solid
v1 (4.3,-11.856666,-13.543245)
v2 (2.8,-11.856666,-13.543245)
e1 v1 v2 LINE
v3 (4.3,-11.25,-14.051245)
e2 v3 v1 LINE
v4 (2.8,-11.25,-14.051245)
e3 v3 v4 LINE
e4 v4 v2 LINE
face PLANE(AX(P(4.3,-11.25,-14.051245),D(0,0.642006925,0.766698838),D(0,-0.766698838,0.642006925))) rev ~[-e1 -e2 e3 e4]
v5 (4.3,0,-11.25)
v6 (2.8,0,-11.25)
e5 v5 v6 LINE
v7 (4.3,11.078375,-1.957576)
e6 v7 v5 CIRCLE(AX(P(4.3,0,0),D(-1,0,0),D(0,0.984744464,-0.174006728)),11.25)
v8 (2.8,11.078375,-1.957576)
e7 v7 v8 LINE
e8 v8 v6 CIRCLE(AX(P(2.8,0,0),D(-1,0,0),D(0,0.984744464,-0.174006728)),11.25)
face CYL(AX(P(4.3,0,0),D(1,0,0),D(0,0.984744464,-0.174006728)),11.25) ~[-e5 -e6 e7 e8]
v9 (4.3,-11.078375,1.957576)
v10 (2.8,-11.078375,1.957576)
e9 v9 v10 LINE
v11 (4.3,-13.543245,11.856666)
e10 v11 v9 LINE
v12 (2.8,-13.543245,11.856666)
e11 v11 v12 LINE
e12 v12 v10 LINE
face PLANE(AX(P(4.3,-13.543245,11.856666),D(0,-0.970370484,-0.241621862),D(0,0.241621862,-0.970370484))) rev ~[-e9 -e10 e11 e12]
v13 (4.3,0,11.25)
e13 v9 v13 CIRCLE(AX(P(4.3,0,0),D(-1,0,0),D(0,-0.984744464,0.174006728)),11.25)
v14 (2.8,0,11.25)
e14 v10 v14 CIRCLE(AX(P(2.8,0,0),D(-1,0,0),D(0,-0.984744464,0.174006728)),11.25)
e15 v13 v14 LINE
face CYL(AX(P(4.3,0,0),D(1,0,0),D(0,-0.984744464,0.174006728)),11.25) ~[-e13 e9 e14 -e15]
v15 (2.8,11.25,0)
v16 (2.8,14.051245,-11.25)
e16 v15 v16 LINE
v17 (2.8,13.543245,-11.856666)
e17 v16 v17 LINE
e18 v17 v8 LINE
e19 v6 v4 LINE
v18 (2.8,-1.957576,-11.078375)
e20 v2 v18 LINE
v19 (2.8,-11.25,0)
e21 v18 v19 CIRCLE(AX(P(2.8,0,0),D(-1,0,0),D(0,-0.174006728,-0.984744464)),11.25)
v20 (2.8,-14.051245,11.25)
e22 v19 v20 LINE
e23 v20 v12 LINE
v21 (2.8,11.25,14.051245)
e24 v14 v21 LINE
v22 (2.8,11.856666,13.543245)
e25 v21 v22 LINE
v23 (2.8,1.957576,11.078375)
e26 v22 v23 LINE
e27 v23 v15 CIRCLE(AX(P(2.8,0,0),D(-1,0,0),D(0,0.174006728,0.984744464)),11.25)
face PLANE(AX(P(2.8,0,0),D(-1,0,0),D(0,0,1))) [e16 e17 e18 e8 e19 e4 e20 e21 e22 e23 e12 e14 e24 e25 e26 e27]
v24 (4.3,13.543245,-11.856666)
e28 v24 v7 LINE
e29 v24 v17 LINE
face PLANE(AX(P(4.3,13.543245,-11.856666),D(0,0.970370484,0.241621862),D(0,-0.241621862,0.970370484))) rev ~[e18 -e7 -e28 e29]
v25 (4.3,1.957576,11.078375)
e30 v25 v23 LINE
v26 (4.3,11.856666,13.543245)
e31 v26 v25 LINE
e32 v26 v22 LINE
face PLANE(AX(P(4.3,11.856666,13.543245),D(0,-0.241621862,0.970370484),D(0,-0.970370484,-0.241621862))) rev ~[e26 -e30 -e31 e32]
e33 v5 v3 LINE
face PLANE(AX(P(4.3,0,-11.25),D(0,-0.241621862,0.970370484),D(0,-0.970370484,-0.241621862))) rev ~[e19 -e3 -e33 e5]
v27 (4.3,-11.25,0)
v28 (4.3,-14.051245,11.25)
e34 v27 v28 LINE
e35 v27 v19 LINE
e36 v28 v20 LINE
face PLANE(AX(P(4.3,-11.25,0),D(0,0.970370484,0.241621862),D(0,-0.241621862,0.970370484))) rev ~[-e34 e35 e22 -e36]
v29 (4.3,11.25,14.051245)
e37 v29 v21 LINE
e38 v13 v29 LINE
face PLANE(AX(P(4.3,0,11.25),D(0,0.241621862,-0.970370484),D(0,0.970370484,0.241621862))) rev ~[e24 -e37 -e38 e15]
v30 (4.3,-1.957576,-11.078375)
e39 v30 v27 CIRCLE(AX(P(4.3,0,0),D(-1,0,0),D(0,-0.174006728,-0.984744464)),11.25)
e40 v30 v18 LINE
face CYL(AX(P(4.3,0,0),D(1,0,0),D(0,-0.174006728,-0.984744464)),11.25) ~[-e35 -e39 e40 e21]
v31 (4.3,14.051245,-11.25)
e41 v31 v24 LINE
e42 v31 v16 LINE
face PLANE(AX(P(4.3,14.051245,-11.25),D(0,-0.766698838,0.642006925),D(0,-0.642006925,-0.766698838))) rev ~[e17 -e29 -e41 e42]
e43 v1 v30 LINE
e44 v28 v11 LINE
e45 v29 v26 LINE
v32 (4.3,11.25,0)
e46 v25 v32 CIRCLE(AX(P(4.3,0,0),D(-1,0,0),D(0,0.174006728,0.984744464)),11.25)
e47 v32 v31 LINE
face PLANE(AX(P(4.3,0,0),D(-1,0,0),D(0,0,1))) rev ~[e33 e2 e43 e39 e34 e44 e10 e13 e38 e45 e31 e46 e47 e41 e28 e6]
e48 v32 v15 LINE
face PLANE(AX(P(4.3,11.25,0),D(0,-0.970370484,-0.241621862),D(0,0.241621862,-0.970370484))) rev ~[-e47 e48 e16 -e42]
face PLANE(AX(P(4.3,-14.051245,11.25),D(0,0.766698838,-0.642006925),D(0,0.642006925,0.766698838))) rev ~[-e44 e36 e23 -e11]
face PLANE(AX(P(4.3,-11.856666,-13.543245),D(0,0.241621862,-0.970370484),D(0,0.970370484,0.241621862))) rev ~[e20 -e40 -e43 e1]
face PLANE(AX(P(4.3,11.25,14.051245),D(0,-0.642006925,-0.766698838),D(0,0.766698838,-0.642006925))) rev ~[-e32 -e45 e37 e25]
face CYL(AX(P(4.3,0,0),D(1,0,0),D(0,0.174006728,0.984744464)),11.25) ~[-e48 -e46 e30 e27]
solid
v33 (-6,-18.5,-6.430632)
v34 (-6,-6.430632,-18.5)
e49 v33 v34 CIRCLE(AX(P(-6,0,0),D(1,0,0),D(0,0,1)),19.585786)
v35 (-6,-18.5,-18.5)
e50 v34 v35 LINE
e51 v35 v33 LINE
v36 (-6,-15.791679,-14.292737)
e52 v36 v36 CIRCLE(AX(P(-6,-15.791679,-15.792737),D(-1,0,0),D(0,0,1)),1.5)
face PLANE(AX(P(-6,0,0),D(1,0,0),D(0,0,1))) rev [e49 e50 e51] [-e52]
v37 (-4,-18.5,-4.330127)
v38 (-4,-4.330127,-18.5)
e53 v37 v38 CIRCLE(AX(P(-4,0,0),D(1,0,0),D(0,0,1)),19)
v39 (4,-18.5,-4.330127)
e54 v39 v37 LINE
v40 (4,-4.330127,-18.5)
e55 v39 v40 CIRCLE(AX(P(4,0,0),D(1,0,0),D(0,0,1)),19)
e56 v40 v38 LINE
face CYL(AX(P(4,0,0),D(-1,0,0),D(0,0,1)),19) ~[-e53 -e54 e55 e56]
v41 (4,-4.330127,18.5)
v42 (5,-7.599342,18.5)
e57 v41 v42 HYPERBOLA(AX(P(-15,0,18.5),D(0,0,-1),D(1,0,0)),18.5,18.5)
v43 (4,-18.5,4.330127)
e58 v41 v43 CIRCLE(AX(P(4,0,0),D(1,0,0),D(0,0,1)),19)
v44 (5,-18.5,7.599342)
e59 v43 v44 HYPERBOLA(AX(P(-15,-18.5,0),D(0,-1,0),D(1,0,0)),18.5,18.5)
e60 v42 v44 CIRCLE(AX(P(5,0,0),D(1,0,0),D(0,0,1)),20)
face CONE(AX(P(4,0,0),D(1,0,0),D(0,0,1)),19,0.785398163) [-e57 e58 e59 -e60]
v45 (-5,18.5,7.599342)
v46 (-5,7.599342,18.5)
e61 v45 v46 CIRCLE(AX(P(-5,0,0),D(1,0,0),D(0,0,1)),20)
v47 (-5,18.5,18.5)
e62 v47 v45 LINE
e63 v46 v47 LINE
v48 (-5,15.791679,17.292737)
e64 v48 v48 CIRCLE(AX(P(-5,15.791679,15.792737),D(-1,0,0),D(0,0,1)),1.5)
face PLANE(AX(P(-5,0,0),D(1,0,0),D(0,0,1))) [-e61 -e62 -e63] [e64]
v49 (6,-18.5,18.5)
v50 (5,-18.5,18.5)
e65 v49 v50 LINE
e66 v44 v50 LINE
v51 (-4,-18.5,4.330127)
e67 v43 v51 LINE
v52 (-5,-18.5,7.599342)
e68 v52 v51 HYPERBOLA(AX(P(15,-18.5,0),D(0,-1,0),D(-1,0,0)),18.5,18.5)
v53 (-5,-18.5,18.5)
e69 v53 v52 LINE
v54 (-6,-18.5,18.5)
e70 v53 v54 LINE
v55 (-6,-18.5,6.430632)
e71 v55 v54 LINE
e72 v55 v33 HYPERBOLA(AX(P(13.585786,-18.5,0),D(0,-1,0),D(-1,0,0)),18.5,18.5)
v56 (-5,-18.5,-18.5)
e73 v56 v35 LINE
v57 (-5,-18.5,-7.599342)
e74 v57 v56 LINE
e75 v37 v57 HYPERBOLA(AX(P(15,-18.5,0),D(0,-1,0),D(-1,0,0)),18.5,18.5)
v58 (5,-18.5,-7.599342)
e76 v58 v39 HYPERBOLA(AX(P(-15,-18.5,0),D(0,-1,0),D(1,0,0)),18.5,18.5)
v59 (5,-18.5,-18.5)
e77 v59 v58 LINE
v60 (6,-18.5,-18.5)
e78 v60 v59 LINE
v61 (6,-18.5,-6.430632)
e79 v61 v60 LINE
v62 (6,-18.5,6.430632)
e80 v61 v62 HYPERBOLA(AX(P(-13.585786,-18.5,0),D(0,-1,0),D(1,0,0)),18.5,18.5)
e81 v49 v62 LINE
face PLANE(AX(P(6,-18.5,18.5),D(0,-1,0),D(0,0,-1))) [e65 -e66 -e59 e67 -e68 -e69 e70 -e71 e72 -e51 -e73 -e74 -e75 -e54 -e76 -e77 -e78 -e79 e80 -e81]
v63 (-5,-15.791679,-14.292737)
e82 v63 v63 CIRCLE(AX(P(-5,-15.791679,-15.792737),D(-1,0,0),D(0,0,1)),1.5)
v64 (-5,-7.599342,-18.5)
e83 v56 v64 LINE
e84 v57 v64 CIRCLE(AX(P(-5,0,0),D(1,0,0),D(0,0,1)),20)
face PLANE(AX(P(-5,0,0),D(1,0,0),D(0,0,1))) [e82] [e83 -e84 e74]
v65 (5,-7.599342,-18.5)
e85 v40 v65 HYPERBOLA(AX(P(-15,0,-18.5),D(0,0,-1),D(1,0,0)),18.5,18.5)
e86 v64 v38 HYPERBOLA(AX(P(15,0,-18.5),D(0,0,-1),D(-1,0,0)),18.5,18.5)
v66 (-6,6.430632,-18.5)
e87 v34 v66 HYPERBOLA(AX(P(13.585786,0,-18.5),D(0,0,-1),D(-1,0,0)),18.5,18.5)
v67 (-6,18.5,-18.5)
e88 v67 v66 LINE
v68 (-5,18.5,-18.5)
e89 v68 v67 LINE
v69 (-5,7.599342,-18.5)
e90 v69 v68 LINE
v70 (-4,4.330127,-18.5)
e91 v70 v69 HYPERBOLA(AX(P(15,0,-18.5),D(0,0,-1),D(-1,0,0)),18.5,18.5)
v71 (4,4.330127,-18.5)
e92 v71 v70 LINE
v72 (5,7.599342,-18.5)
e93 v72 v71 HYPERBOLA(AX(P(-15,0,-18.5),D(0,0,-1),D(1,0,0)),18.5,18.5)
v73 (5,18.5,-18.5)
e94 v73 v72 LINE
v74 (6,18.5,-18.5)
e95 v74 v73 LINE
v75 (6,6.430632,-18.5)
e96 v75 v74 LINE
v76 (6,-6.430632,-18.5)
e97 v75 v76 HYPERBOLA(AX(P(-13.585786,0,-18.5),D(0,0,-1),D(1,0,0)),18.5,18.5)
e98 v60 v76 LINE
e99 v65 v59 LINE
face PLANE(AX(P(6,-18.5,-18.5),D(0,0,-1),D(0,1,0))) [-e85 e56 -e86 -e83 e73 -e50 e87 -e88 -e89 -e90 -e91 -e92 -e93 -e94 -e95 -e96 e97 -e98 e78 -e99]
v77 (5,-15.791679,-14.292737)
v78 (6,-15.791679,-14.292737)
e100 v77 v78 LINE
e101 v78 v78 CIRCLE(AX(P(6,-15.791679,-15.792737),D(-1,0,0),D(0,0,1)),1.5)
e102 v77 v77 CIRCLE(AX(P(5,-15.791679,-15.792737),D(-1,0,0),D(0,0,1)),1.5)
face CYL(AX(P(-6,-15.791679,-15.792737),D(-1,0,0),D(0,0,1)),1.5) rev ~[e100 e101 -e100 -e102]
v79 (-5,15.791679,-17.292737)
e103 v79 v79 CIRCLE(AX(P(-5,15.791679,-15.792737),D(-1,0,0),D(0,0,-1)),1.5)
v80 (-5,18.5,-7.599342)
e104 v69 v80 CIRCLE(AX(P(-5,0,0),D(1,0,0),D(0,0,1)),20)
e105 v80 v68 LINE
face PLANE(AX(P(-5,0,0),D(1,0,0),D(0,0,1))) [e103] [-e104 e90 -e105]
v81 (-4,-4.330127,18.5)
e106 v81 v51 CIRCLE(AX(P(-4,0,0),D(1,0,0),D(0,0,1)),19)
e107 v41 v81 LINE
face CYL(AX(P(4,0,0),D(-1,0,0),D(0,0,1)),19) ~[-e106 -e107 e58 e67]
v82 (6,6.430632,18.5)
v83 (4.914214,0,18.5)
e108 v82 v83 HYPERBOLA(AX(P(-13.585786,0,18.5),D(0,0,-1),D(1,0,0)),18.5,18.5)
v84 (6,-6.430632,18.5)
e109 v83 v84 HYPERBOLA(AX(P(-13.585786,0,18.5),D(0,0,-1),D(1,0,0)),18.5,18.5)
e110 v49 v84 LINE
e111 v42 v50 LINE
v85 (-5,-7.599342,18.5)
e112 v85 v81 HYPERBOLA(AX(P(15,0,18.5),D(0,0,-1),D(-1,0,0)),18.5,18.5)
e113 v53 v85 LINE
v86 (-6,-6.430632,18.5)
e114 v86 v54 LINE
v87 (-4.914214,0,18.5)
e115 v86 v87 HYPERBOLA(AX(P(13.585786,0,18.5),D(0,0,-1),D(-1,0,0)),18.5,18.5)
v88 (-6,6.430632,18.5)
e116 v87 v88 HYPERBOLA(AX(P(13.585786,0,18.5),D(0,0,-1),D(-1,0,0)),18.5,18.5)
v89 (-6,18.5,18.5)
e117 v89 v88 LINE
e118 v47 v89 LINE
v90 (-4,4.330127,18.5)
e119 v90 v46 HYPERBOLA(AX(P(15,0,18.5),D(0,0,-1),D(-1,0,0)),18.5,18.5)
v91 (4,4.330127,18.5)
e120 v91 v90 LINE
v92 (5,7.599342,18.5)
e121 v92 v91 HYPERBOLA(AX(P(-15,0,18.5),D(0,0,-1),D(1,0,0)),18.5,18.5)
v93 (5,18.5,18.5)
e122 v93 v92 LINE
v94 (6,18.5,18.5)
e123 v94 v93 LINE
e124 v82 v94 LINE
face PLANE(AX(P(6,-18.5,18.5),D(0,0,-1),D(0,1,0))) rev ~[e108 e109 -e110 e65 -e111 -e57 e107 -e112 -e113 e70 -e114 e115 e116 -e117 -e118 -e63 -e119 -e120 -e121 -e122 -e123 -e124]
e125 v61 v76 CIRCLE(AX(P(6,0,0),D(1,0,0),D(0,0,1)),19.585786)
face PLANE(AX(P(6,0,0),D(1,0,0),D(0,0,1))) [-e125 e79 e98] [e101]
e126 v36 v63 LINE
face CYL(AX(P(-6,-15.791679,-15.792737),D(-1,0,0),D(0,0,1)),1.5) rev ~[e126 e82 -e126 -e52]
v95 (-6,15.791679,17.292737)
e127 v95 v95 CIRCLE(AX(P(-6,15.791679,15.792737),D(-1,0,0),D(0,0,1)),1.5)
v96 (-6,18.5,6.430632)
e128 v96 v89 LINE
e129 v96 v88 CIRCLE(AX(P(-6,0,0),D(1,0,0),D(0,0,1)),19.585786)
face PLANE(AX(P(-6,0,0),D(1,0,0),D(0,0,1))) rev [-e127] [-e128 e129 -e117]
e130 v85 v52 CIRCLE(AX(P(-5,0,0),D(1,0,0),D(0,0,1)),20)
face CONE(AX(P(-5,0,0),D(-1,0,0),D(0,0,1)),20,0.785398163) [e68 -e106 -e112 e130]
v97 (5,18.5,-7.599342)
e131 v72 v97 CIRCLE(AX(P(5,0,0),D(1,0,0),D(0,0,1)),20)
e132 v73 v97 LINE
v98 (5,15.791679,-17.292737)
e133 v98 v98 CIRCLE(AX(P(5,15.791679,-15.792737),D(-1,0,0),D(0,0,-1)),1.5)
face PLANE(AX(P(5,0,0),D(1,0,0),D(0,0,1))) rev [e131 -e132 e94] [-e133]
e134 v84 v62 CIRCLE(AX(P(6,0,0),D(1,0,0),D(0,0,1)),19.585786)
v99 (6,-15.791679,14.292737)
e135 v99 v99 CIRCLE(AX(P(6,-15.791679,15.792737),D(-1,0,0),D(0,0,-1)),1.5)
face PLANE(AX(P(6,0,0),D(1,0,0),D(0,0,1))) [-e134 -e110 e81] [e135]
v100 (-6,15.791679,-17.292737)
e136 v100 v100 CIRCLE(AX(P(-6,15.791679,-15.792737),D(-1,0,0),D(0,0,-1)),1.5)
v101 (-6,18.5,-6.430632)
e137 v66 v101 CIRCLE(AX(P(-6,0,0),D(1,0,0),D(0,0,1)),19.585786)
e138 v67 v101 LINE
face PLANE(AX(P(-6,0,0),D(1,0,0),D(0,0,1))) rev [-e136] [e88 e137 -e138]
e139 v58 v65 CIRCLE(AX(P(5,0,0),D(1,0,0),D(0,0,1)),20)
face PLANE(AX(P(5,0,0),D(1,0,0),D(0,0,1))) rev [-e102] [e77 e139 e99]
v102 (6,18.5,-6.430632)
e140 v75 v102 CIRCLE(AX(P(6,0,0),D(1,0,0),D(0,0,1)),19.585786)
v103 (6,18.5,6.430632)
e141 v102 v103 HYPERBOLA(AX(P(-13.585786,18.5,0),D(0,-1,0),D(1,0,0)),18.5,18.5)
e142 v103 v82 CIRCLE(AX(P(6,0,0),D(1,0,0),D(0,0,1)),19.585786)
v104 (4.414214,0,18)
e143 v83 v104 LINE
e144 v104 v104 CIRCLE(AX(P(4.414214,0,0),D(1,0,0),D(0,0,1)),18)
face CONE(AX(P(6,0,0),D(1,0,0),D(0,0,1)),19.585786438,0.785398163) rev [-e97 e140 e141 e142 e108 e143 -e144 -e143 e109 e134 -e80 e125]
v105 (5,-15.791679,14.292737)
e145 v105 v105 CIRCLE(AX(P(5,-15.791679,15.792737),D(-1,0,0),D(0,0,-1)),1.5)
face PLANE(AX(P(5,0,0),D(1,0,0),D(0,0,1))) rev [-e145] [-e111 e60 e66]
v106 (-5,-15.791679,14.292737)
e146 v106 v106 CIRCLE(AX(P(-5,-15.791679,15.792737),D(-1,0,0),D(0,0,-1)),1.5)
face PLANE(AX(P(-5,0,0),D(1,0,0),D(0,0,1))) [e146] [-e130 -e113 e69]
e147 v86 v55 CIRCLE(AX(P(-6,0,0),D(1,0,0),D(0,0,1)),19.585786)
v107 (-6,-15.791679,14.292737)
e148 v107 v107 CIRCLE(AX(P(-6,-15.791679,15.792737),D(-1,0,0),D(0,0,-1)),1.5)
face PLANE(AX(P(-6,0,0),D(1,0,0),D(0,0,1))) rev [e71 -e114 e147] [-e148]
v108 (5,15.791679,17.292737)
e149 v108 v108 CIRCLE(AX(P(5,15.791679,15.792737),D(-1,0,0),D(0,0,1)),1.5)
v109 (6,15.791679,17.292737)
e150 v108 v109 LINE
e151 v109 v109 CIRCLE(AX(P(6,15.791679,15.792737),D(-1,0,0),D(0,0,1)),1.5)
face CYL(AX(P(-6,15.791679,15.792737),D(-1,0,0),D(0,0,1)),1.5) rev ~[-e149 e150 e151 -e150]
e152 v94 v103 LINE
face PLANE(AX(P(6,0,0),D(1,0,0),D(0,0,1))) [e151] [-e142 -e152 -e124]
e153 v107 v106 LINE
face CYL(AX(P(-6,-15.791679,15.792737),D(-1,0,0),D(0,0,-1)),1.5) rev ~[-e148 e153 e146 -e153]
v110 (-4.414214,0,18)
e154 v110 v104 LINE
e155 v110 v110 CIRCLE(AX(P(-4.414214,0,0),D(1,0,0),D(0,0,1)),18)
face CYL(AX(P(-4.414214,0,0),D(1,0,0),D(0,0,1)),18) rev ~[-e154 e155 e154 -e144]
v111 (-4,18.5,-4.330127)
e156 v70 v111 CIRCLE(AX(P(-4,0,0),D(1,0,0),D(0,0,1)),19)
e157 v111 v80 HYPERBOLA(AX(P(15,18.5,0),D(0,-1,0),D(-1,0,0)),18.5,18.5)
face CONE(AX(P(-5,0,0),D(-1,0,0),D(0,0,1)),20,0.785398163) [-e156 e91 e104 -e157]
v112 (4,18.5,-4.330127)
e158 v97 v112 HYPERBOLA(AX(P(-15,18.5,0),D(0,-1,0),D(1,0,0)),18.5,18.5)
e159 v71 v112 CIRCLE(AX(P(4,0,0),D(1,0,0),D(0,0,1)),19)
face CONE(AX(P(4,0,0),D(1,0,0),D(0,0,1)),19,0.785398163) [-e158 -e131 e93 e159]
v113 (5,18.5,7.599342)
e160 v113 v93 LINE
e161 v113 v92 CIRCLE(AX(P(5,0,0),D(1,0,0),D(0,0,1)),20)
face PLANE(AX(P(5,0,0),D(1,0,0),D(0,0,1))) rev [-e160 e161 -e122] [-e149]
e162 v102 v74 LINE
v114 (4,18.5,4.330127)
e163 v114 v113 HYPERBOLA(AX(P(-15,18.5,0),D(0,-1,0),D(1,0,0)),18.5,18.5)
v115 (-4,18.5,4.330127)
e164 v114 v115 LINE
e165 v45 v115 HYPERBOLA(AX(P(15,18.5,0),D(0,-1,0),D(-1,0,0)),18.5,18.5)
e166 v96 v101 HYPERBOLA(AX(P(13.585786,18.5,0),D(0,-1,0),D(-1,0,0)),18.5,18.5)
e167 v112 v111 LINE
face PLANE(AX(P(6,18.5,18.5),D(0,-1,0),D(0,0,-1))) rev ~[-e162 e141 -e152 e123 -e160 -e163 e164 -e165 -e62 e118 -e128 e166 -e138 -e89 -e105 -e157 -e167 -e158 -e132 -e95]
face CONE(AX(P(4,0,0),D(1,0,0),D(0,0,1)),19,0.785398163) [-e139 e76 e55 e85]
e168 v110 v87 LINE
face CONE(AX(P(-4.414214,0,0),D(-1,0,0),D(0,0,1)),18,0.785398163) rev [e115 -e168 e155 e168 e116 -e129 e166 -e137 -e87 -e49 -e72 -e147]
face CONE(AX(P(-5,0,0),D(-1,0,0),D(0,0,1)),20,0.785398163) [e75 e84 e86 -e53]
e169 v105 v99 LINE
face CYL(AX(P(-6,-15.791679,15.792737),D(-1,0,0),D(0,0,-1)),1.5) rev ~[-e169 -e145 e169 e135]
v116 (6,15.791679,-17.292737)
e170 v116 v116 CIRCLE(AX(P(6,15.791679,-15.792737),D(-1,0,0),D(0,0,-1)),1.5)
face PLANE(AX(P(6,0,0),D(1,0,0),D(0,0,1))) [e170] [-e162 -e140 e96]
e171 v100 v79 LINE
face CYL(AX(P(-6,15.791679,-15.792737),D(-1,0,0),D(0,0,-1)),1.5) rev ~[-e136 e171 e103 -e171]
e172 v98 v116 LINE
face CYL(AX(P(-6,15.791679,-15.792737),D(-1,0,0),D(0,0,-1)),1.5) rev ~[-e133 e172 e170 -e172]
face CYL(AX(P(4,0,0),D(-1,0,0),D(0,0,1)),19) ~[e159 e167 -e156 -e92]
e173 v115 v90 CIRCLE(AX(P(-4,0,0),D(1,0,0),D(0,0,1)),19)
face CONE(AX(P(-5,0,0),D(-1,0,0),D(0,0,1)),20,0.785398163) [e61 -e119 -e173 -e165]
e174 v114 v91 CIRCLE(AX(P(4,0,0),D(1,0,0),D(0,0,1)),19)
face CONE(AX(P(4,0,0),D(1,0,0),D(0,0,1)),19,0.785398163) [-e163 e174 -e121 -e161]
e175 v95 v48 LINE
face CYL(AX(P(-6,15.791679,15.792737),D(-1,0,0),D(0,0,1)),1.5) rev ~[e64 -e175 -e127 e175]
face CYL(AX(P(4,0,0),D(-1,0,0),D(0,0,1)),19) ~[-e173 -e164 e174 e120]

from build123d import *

# Parameters (mm, degrees)
SKETCH2_W          = 135.101639281
SKETCH2_H          = 124.912409503
SKETCH2_W_2        = 37
SKETCH2_H_2        = 37
CUT_EXTRUDE1_DEPTH = 51.927558111
SKETCH7_R          = 1.5
CUT_EXTRUDE2_DEPTH = 29.783675929
EXTRUDE8_START     = -1.7
EXTRUDE8_DEPTH     = 1.5


with BuildPart() as part:
    # Sketch1 → Revolve1 (revolve)
    with BuildSketch(Plane.XY, mode=Mode.PRIVATE) as revolve1_sk:
        Polygon((0, 19), (4, 19), (5, 20), (5, 34.997258286), (6, 34.997258286), (6, 19.585786438), (4.414213562, 18), (0, 18), (-4.414213562, 18), (-6, 19.585786438), (-6, 34.997258286), (-5, 34.997258286), (-5, 20), (-4, 19), align=None)
    revolve(revolve1_sk.sketch.rotate(Axis((0, 0, 0), (1, 0, 0)), 90), axis=Axis((0, 0, 0), (1, 0, 0)))

    # Sketch2 → Cut-Extrude1 (cut, through all)
    with BuildSketch(Plane(origin=(6, 0, 0), x_dir=(0, 0, -1), z_dir=(1, 0, 0))):
        with Locations((-3.490754647, 1.981239123)):
            Rectangle(SKETCH2_W, SKETCH2_H)
        Rectangle(SKETCH2_W_2, SKETCH2_H_2, mode=Mode.SUBTRACT)
    extrude(amount=-CUT_EXTRUDE1_DEPTH, mode=Mode.SUBTRACT)

    # Sketch7 → Cut-Extrude2 (cut, through all)
    with BuildSketch(Plane.ZY.offset(6)):
        with Locations((15.792736582, 15.791678814)):
            Circle(SKETCH7_R)
        with Locations(Location((15.792736582, -15.791678814, 0), (0, 0, 180))):
            Circle(SKETCH7_R)
        with Locations((-15.792736582, -15.791678814)):
            Circle(SKETCH7_R)
        with Locations(Location((-15.792736582, 15.791678814, 0), (0, 0, 180))):
            Circle(SKETCH7_R)
    extrude(amount=-CUT_EXTRUDE2_DEPTH, mode=Mode.SUBTRACT)


with BuildPart() as body_2:
    # Sketch8 → Extrude8 (new body)
    with BuildSketch(Plane(origin=(6, 0, 0), x_dir=(0, 0, -1), z_dir=(1, 0, 0)).offset(EXTRUDE8_START)):
        with BuildLine():
            Line((0, 11.25), (11.25, 14.051245496))
            Line((11.25, 14.051245496), (11.856665779, 13.543244685))
            Line((11.856665779, 13.543244685), (1.957575689, 11.078375216))
            ThreePointArc((1.957575689, 11.078375216), (8.619316287, 7.229791612), (11.25, 0))
            Line((11.25, 0), (14.051245496, -11.25))
            Line((14.051245496, -11.25), (13.543244685, -11.856665779))
            Line((13.543244685, -11.856665779), (11.078375216, -1.957575689))
            ThreePointArc((11.078375216, -1.957575689), (7.229791612, -8.619316287), (0, -11.25))
            Line((0, -11.25), (-11.25, -14.051245496))
            Line((-11.25, -14.051245496), (-11.856665779, -13.543244685))
            Line((-11.856665779, -13.543244685), (-1.957575689, -11.078375216))
            ThreePointArc((-1.957575689, -11.078375216), (-8.619316287, -7.229791612), (-11.25, 0))
            Line((-11.25, 0), (-14.051245496, 11.25))
            Line((-14.051245496, 11.25), (-13.543244685, 11.856665779))
            Line((-13.543244685, 11.856665779), (-11.078375216, 1.957575689))
            ThreePointArc((-11.078375216, 1.957575689), (-7.229791612, 8.619316287), (0, 11.25))
        make_face()
    extrude(amount=-EXTRUDE8_DEPTH)


solid = Compound([part.part, body_2.part])
